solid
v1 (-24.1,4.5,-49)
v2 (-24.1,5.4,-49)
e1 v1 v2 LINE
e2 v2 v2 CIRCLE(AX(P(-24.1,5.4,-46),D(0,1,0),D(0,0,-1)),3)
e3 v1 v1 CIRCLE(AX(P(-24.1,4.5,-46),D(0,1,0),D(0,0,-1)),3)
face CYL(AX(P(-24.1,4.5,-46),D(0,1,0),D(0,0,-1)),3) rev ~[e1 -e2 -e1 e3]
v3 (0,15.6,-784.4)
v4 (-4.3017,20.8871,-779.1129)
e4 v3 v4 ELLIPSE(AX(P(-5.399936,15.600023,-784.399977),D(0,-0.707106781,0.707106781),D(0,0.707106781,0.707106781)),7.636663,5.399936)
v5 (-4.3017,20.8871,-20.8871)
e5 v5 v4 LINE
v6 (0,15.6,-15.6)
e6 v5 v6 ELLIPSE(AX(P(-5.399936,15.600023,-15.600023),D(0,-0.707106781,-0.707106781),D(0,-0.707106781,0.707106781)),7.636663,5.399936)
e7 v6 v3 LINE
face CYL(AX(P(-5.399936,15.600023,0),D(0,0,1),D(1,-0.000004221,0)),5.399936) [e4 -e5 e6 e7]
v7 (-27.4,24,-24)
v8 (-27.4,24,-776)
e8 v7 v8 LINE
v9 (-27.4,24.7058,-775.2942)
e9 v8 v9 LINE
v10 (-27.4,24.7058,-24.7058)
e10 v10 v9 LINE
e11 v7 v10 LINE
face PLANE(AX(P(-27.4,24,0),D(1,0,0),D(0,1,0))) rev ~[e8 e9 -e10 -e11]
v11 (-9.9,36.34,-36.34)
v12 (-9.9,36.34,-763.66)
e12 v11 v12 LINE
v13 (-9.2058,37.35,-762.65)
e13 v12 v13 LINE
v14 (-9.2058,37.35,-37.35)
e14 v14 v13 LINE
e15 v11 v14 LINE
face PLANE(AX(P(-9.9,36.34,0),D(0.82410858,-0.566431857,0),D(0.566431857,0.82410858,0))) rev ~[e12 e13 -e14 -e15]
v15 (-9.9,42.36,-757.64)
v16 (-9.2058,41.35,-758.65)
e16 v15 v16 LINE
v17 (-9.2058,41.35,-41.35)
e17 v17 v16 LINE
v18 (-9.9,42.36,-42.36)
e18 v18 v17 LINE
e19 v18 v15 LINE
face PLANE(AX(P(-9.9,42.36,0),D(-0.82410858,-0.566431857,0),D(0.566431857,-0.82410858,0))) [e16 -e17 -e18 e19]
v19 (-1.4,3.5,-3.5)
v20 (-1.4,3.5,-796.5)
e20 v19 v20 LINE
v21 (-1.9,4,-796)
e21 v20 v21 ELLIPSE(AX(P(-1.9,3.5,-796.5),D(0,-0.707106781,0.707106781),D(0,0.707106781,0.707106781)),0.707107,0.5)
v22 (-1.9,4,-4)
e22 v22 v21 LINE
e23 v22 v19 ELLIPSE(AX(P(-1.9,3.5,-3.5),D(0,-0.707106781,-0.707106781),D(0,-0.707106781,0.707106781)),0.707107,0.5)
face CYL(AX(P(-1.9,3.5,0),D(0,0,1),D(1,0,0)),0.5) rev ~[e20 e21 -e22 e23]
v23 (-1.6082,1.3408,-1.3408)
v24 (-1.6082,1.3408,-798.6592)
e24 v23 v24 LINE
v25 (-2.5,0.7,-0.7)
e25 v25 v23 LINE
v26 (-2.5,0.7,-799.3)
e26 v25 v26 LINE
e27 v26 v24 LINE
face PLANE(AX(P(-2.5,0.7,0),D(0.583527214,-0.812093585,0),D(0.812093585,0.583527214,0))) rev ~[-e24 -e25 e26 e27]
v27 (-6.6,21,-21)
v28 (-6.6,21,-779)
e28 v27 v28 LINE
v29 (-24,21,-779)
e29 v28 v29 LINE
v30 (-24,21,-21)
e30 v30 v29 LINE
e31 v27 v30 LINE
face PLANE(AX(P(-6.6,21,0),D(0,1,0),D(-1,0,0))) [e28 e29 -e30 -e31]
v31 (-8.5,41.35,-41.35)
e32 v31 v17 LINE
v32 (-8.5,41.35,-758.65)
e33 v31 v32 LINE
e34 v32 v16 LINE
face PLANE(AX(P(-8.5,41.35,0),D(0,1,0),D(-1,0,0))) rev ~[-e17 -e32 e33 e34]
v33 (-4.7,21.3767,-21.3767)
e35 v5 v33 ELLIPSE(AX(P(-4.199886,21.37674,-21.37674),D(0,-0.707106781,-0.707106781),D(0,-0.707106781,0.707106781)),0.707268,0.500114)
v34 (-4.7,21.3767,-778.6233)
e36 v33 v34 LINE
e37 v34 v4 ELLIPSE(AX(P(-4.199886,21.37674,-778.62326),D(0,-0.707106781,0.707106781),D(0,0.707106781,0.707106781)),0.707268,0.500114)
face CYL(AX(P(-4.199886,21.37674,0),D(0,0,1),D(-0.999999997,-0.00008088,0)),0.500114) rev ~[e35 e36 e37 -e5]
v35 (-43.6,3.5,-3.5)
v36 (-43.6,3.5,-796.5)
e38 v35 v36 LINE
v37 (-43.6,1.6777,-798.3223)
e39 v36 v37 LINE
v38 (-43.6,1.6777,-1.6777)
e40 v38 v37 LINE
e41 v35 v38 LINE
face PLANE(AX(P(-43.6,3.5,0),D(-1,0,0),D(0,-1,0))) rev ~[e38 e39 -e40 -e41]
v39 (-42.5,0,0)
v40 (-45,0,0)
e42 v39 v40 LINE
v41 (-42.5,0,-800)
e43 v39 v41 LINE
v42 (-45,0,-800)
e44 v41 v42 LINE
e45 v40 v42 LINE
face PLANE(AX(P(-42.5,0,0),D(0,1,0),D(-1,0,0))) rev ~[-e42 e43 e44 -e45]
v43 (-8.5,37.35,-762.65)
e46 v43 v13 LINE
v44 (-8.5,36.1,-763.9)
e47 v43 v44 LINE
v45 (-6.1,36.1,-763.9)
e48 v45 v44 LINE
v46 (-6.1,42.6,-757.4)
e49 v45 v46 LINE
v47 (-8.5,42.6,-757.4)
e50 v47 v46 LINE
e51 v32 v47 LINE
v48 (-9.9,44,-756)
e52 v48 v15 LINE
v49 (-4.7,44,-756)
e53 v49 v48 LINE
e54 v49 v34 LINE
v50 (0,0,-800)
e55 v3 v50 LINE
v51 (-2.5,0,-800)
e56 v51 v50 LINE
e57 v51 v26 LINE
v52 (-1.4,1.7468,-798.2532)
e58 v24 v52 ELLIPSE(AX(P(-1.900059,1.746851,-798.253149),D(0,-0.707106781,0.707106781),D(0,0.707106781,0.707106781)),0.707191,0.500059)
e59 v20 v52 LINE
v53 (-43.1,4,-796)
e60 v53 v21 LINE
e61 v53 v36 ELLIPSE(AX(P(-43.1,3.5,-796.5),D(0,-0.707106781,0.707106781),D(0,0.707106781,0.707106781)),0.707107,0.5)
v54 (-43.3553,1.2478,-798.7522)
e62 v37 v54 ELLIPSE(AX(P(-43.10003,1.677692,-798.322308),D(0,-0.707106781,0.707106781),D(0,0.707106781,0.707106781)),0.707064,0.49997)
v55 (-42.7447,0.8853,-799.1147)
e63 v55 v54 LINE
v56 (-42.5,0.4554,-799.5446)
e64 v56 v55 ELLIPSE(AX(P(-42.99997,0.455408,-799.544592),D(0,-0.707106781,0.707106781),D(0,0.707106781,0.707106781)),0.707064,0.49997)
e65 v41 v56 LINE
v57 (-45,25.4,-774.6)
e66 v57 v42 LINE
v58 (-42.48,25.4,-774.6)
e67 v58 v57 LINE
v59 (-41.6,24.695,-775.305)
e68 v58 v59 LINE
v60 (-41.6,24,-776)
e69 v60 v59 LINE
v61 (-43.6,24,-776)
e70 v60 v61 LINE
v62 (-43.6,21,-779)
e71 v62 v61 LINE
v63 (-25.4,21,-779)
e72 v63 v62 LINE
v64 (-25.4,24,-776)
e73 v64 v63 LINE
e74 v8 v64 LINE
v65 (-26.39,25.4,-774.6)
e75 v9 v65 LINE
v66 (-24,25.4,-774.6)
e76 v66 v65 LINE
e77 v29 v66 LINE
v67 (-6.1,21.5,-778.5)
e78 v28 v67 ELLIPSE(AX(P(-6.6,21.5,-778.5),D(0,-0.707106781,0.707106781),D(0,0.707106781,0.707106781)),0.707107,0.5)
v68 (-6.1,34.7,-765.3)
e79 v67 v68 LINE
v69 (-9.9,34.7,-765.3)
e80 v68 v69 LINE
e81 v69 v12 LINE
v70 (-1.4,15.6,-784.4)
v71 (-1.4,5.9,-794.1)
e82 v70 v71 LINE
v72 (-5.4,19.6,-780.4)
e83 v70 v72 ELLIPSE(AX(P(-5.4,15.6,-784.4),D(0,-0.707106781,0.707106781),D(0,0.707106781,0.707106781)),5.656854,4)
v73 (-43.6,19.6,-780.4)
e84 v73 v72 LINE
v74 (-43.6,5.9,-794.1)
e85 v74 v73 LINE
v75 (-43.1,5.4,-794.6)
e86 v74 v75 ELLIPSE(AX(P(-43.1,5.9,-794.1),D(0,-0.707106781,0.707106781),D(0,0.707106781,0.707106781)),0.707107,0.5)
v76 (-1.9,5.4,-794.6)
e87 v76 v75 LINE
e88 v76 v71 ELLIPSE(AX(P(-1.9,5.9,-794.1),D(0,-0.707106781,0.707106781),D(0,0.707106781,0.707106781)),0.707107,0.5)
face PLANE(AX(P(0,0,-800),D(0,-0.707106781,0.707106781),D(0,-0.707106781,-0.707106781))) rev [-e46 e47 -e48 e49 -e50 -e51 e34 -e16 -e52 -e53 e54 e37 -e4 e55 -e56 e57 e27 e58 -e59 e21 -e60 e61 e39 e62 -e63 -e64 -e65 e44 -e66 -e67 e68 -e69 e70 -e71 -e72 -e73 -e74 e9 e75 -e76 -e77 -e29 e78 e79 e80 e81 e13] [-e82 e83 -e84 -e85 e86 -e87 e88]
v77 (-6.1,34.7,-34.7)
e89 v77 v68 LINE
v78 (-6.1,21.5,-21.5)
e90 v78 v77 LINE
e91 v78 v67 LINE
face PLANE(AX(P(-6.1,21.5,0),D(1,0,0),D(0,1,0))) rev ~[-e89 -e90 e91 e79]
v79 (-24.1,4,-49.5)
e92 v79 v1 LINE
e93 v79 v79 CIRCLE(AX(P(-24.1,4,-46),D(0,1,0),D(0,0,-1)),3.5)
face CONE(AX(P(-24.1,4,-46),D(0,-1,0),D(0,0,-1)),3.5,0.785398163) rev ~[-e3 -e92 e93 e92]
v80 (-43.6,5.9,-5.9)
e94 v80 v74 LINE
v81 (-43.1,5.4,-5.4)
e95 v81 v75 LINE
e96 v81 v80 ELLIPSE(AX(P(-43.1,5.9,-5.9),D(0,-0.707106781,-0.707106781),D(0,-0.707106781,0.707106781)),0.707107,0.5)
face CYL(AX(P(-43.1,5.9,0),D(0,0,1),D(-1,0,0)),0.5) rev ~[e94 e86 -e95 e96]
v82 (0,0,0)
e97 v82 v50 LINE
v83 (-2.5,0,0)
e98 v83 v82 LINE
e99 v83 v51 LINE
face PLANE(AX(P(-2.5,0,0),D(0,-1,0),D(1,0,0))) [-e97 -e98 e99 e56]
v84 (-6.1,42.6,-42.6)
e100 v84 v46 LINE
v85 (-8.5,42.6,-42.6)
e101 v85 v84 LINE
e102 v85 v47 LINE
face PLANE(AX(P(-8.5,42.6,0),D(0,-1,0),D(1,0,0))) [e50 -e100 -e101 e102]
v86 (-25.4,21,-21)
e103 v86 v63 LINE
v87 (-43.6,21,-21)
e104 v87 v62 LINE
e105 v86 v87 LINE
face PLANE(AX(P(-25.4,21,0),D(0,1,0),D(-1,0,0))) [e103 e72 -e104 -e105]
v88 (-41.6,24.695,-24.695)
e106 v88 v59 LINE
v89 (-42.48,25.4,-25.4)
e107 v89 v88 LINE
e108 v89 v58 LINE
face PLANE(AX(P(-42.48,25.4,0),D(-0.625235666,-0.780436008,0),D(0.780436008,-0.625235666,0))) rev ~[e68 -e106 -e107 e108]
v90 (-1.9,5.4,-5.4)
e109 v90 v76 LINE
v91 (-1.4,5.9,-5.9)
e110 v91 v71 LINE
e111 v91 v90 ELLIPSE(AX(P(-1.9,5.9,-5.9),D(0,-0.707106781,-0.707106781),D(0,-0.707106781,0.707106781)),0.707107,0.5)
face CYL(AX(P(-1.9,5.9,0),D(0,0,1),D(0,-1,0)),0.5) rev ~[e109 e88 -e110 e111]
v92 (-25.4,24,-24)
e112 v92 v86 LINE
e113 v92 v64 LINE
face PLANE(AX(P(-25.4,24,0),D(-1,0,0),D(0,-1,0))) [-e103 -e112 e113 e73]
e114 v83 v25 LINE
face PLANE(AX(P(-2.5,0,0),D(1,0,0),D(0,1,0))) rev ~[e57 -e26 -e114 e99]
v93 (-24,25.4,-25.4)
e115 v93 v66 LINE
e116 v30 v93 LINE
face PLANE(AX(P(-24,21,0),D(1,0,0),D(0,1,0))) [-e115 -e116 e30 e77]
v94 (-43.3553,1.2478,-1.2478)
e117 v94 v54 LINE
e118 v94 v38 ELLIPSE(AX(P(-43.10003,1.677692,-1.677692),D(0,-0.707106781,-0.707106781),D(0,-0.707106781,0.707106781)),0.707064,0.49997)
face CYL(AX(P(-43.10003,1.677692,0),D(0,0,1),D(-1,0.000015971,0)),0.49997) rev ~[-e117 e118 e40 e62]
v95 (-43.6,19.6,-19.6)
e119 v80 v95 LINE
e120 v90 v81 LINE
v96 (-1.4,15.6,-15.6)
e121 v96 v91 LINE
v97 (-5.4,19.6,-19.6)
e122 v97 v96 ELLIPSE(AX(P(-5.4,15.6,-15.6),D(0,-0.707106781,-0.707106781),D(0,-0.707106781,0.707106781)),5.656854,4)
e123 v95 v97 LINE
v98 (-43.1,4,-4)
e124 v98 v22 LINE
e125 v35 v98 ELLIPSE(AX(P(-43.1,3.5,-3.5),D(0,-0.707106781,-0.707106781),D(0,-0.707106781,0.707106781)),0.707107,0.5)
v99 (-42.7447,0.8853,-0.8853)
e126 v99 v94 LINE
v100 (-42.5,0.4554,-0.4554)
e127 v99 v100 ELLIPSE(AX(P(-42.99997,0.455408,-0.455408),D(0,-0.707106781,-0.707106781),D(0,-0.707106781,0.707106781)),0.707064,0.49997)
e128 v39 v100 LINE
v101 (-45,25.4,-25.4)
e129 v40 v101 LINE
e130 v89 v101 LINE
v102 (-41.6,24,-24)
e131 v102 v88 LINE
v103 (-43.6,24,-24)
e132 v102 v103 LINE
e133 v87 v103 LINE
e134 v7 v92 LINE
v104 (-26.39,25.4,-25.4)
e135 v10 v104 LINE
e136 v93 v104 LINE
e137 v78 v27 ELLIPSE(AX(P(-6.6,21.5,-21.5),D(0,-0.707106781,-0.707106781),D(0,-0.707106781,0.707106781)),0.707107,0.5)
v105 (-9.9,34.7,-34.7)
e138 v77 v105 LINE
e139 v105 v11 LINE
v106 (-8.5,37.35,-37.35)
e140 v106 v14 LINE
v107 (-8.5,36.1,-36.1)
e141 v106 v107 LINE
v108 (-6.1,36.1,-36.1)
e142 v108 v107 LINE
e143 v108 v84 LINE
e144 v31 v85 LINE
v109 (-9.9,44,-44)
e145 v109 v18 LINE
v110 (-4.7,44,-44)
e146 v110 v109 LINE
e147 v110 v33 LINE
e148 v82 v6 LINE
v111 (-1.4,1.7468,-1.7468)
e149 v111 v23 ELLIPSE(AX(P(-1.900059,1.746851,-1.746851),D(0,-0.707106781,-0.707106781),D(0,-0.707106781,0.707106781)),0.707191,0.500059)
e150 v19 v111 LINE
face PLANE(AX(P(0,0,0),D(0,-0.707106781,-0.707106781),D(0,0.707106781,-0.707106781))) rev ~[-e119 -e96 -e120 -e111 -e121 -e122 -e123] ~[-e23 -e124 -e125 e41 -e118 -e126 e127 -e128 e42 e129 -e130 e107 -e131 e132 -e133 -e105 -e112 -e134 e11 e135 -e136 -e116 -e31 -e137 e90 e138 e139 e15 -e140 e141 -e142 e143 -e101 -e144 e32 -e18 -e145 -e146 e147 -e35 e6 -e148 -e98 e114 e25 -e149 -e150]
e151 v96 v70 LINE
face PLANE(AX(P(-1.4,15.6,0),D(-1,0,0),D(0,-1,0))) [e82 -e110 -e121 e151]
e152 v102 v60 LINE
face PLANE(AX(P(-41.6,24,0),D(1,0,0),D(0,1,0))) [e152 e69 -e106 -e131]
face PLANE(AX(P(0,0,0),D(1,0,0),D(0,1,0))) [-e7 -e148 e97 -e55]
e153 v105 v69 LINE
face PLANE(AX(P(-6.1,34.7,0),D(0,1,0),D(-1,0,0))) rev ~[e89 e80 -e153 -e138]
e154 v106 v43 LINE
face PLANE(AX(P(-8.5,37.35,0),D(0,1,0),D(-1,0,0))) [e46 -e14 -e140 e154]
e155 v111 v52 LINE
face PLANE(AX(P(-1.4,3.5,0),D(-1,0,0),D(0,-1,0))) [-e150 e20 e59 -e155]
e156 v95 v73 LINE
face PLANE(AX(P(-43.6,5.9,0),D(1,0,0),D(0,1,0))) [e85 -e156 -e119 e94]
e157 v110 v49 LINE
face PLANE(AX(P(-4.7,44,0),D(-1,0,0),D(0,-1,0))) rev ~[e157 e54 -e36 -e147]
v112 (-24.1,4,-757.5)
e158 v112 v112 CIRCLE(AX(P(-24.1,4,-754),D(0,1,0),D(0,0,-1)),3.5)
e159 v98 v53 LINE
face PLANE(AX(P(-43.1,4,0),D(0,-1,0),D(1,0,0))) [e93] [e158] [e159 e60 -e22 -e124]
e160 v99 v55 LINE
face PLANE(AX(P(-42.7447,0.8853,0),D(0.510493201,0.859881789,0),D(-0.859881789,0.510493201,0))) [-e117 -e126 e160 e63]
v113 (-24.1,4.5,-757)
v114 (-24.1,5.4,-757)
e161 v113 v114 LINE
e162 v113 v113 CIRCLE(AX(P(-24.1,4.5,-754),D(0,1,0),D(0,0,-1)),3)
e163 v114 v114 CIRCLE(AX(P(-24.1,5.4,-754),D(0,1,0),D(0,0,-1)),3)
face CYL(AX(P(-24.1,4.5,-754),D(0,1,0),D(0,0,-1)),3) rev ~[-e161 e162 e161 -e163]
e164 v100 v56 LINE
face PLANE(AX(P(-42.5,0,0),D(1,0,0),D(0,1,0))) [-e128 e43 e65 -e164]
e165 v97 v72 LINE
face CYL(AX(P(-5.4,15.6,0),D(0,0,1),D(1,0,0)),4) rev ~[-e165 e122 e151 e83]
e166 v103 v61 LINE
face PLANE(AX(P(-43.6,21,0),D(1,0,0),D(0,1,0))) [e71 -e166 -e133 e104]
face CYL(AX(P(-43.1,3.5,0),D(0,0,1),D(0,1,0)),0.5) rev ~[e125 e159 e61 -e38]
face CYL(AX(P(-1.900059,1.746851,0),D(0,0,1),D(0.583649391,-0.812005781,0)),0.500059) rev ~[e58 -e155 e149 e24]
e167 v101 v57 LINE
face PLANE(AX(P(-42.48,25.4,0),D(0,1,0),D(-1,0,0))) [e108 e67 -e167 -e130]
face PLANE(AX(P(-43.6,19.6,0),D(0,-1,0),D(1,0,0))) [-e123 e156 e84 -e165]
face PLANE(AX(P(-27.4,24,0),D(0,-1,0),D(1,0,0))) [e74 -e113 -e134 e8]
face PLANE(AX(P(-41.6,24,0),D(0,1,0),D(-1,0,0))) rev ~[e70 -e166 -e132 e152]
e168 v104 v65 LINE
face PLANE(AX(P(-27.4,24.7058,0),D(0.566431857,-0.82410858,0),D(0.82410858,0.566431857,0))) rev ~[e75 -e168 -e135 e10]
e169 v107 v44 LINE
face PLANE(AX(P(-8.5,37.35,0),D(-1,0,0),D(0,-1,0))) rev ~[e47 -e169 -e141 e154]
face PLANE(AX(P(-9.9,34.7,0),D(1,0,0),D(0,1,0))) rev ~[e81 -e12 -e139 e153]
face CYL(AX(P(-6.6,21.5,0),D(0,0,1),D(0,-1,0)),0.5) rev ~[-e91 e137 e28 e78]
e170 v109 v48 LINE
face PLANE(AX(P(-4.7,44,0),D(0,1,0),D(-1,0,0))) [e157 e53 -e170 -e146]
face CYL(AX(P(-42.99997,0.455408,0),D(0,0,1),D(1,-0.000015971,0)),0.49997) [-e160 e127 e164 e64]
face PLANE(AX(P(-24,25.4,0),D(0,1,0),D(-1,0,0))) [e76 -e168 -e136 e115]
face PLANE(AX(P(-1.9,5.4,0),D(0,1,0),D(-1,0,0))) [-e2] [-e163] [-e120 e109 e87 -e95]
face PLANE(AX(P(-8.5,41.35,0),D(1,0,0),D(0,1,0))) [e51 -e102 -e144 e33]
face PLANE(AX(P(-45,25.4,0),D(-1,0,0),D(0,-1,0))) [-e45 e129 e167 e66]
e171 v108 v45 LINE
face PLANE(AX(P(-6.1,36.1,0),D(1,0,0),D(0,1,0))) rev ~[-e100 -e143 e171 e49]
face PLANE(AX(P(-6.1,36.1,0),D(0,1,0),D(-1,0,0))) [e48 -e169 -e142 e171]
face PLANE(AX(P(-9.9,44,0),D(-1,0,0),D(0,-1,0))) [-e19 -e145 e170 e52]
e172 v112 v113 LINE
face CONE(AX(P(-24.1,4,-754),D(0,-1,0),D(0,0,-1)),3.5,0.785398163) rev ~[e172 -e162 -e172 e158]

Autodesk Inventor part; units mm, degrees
ref_plane "YZ Plane" through (0, 0, 0) normal (1, 0, 0) x (0, 1, 0)
ref_plane "XZ Plane" through (0, 0, 0) normal (0, 1, 0) x (-1, 0, 0)
sketch "Boceto1" plane through (0, 0, 0) normal (0, 0, 1) x (1, 0, 0)
  line L0 (-45, 21.0335) -> (-45, 0)
  line L1 (-43.1, 4) -> (-1.9, 4)
  line L2 (0, 0) -> (0, 15.6)
  line L3 (-4.7, 44) -> (-4.7, 21.3767)
  line L4 (-4.7, 44) -> (-9.9, 44)
  line L5 (-8.5, 42.6) -> (-6.1, 42.6)
  line L6 (-6.1, 36.1) -> (-8.5, 36.1)
  line L7 (-43.6, 19.6) -> (-5.4, 19.6)
  line L8 (-1.4, 15.6) -> (-1.4, 5.9)
  line L9 (-1.9, 5.4) -> (-43.1, 5.4)
  line L10 (-43.6, 5.9) -> (-43.6, 19.6)
  arc A0 (0, 15.6) -> (-4.3017, 20.8871) centre (-5.4, 15.6) ccw
  arc A1 (-1.4, 15.6) -> (-5.4, 19.6) centre (-5.4, 15.6) ccw
  line L11 (-1.4, 3.5) -> (-1.4, 1.7468)
  line L12 (-2.5, 0) -> (0, 0)
  line L13 (-6.1, 21.5) -> (-6.1, 34.7)
  line L14 (-6.1, 36.1) -> (-6.1, 42.6)
  line L15 (-43.6, 3.5) -> (-43.6, 1.6777)
  line L16 (-42.5, 0) -> (-45, 0)
  line L17 (-42.5, 0) -> (-42.5, 0.4554)
  line L18 (-2.5, 0) -> (-2.5, 0.7)
  line L19 (-43.6, 21) -> (-43.6, 24)
  line L20 (-42.48, 25.4) -> (-45, 25.4)
  line L21 (-45, 25.4) -> (-45, 21.0335)
  line L22 (-24, 21) -> (-24, 25.4)
  line L23 (-24, 25.4) -> (-26.39, 25.4)
  line L24 (-25.4, 24) -> (-25.4, 21)
  line L25 (-6.6, 21) -> (-24, 21)
  line L26 (-25.4, 21) -> (-43.6, 21)
  line L27 (-41.6, 24) -> (-43.6, 24)
  line L28 (-27.4, 24) -> (-25.4, 24)
  line L29 (-42.7447, 0.8853) -> (-43.3553, 1.2478)
  line L30 (-2.5, 0.7) -> (-1.6082, 1.3408)
  line L31 (-41.6, 24) -> (-41.6, 24.695)
  line L32 (-27.4, 24) -> (-27.4, 24.7058)
  line L33 (-42.48, 25.4) -> (-41.6, 24.695)
  line L34 (-27.4, 24.7058) -> (-26.39, 25.4)
  line L35 (-6.1, 34.7) -> (-9.9, 34.7)
  line L36 (-8.5, 37.35) -> (-8.5, 36.1)
  line L37 (-8.5, 41.35) -> (-8.5, 42.6)
  line L38 (-8.5, 37.35) -> (-9.2058, 37.35)
  line L39 (-8.5, 41.35) -> (-9.2058, 41.35)
  line L40 (-9.9, 44) -> (-9.9, 42.36)
  line L41 (-9.9, 42.36) -> (-9.2058, 41.35)
  line L42 (-9.9, 34.7) -> (-9.9, 36.34)
  line L43 (-9.9, 36.34) -> (-9.2058, 37.35)
  arc A2 (-6.6, 21) -> (-6.1, 21.5) centre (-6.6, 21.5) ccw
  arc A3 (-4.7, 21.3767) -> (-4.3017, 20.8871) centre (-4.2, 21.3767) ccw
  arc A4 (-1.9, 5.4) -> (-1.4, 5.9) centre (-1.9, 5.9) ccw
  arc A5 (-1.4, 3.5) -> (-1.9, 4) centre (-1.9, 3.5) ccw
  arc A6 (-1.6082, 1.3408) -> (-1.4, 1.7468) centre (-1.9, 1.7468) ccw
  arc A7 (-43.6, 5.9) -> (-43.1, 5.4) centre (-43.1, 5.9) ccw
  arc A8 (-43.1, 4) -> (-43.6, 3.5) centre (-43.1, 3.5) ccw
  arc A9 (-43.6, 1.6777) -> (-43.3553, 1.2478) centre (-43.1, 1.6777) ccw
  line L44 (0, 4) -> (0, 4.0335)
  arc A10 (-42.5, 0.4554) -> (-42.7447, 0.8853) centre (-43, 0.4554) ccw
  point P0 (-8.5, 41.975)
  point P1 (-42.5, 4)
  point P2 (-6.1, 39.35)
  point P3 (-42.5, 0.74)
  dimension "d16" = 5.4
  dimension "d17" = 4
  dimension "d32" = 1.4
  dimension "d35" = 1.4
  dimension "d37" = 3
  dimension "d38" = 25.4
  dimension "d44" = 18.2
  dimension "d50" = 0.7
  dimension "d53" = 40.3
  dimension "d54" = 37.5
  dimension "d55" = 1.4
  dimension "d57" = 17
  dimension "d62" = 30.7
  dimension "d63" = 35.7
  dimension "d64" = 4.4
  dimension "d66" = 3
  dimension "d69" = 4.4
  dimension "d71" = 3.4
  dimension "d72" = 3.4
  dimension "d73" = 0.88
  dimension "d74" = 1.01
  dimension "d75" = 34.5
  dimension "d76" = 38.7
  dimension "d77" = 0.695
  dimension "d78" = 0.7058
  dimension "d81" = 23
  dimension "d82" = 44
  dimension "d84" = 6.5
  dimension "d85" = 2.4
  dimension "d86" = 2.4
  dimension "d87" = 9.3
  dimension "d88" = 1.4
  dimension "d99" = 1.4
  dimension "d100" = 1.4
  dimension "d102" = 1.4
  dimension "d140" = 111
  dimension "d141" = 4
  dimension "d142" = 6.02
  dimension "d143" = 0.7058
  dimension "d144" = 0.7058
  dimension "d199" = 1.4
  dimension "d201" = 14.2
  dimension "d202" = 0.5
  dimension "d203" = 3.01
  dimension "d204" = 2
  dimension "d205" = 2.5
  dimension "d206" = 4.7
  dimension "d207" = 6.1
  dimension "d208" = 42.5
  dimension "d209" = 41.35
  dimension "d210" = 5.4
  dimension "d211" = 4
  dimension "d216" = 4.0335
  dimension "d218" = 0.74
  dimension "d219" = 0.5
  dimension "d220" = 45
  dimension "d221" = 5.2
  dimension "d225" = 1.4
extrude "Extrusión1" add sketch "Boceto1" against normal blind 800
sketch "Boceto2" plane through (0, 0, 0) normal (1, 0, 0) x (0, 1, 0)
  line L0 (0, 0) -> (15.6, 0) projected
  line L1 (0, 0) -> (0, -800) projected
  line L2 (15.6, -800) -> (0, -800) projected
  line L3 (15.6, 0) -> (15.6, -800) projected
  line L4 (15.6, 0) -> (20.8871, 0) projected
  line L5 (15.6, 0) -> (15.6, -800) projected
  line L6 (20.8871, -800) -> (15.6, -800) projected
  line L7 (20.8871, 0) -> (20.8871, -800) projected
  line L8 (21.3767, 0) -> (44, 0) projected
  line L9 (21.3767, 0) -> (21.3767, -800) projected
  line L10 (44, -800) -> (21.3767, -800) projected
  line L11 (44, 0) -> (44, -800) projected
  line L12 (20.8871, 0) -> (21.3767, 0) projected
  line L13 (20.8871, 0) -> (20.8871, -800) projected
  line L14 (21.3767, -800) -> (20.8871, -800) projected
  line L15 (21.3767, 0) -> (21.3767, -800) projected
  line L16 (0, 0) -> (44, -44)
  line L17 (44, 0) -> (44, -44)
  line L18 (0, 0) -> (44, 0)
  dimension "d224" = 45
extrude "Extrusión2" cut sketch "Boceto2" against normal through all contours L0 L3 L16 | L4 L7 L16 L3 | L12 L9 L16 L7 | L8 L11 L16 L9
ref_plane "Plano de trabajo1" through (0, 0, -400) normal (0, 0, 1) x (1, 0, 0)
mirror "Simetría1" about plane through (0, 0, -400) normal (0, 0, 1) of "Extrusión2"
sketch "Boceto3" plane through (-43.1, 4, -4) normal (0, -1, 0) x (1, 0, 0)
  circle A0 centre (19, -42) radius 3
  line L0 (40.6, 4) -> (40.6, -796) projected
  line L1 (0.6, 4) -> (0.6, -796) projected
  line L2 (-1.9, 4) -> (0.6, 4) projected
  line L3 (41.2, 0) -> (0, 0) projected
  point P0 (43.1, 4)
  dimension "d227" = 6
  dimension "d228" = 21.6
  dimension "d229" = 18.4
  dimension "d238" = 42
hole "Agujero1" at (-24.1, 4, -46) direction (0, 1, 0) diameter 6 depth 1.4 countersink diameter 7 countersink angle 90
pattern_linear "Patrón rectangular1" count 2 spacing 708 along (0, 0, -1) of "Agujero1"
thread "Rosca1" size "M6x1" class "6H" standard "ISO Metric profile" full length
thread "Rosca2" size "M6x1" class "6H" standard "ISO Metric profile" full length
properties part number "SP40-01 MARCO BATIENTE - PAÑO FIJO 800MM" material "Aluminio"
